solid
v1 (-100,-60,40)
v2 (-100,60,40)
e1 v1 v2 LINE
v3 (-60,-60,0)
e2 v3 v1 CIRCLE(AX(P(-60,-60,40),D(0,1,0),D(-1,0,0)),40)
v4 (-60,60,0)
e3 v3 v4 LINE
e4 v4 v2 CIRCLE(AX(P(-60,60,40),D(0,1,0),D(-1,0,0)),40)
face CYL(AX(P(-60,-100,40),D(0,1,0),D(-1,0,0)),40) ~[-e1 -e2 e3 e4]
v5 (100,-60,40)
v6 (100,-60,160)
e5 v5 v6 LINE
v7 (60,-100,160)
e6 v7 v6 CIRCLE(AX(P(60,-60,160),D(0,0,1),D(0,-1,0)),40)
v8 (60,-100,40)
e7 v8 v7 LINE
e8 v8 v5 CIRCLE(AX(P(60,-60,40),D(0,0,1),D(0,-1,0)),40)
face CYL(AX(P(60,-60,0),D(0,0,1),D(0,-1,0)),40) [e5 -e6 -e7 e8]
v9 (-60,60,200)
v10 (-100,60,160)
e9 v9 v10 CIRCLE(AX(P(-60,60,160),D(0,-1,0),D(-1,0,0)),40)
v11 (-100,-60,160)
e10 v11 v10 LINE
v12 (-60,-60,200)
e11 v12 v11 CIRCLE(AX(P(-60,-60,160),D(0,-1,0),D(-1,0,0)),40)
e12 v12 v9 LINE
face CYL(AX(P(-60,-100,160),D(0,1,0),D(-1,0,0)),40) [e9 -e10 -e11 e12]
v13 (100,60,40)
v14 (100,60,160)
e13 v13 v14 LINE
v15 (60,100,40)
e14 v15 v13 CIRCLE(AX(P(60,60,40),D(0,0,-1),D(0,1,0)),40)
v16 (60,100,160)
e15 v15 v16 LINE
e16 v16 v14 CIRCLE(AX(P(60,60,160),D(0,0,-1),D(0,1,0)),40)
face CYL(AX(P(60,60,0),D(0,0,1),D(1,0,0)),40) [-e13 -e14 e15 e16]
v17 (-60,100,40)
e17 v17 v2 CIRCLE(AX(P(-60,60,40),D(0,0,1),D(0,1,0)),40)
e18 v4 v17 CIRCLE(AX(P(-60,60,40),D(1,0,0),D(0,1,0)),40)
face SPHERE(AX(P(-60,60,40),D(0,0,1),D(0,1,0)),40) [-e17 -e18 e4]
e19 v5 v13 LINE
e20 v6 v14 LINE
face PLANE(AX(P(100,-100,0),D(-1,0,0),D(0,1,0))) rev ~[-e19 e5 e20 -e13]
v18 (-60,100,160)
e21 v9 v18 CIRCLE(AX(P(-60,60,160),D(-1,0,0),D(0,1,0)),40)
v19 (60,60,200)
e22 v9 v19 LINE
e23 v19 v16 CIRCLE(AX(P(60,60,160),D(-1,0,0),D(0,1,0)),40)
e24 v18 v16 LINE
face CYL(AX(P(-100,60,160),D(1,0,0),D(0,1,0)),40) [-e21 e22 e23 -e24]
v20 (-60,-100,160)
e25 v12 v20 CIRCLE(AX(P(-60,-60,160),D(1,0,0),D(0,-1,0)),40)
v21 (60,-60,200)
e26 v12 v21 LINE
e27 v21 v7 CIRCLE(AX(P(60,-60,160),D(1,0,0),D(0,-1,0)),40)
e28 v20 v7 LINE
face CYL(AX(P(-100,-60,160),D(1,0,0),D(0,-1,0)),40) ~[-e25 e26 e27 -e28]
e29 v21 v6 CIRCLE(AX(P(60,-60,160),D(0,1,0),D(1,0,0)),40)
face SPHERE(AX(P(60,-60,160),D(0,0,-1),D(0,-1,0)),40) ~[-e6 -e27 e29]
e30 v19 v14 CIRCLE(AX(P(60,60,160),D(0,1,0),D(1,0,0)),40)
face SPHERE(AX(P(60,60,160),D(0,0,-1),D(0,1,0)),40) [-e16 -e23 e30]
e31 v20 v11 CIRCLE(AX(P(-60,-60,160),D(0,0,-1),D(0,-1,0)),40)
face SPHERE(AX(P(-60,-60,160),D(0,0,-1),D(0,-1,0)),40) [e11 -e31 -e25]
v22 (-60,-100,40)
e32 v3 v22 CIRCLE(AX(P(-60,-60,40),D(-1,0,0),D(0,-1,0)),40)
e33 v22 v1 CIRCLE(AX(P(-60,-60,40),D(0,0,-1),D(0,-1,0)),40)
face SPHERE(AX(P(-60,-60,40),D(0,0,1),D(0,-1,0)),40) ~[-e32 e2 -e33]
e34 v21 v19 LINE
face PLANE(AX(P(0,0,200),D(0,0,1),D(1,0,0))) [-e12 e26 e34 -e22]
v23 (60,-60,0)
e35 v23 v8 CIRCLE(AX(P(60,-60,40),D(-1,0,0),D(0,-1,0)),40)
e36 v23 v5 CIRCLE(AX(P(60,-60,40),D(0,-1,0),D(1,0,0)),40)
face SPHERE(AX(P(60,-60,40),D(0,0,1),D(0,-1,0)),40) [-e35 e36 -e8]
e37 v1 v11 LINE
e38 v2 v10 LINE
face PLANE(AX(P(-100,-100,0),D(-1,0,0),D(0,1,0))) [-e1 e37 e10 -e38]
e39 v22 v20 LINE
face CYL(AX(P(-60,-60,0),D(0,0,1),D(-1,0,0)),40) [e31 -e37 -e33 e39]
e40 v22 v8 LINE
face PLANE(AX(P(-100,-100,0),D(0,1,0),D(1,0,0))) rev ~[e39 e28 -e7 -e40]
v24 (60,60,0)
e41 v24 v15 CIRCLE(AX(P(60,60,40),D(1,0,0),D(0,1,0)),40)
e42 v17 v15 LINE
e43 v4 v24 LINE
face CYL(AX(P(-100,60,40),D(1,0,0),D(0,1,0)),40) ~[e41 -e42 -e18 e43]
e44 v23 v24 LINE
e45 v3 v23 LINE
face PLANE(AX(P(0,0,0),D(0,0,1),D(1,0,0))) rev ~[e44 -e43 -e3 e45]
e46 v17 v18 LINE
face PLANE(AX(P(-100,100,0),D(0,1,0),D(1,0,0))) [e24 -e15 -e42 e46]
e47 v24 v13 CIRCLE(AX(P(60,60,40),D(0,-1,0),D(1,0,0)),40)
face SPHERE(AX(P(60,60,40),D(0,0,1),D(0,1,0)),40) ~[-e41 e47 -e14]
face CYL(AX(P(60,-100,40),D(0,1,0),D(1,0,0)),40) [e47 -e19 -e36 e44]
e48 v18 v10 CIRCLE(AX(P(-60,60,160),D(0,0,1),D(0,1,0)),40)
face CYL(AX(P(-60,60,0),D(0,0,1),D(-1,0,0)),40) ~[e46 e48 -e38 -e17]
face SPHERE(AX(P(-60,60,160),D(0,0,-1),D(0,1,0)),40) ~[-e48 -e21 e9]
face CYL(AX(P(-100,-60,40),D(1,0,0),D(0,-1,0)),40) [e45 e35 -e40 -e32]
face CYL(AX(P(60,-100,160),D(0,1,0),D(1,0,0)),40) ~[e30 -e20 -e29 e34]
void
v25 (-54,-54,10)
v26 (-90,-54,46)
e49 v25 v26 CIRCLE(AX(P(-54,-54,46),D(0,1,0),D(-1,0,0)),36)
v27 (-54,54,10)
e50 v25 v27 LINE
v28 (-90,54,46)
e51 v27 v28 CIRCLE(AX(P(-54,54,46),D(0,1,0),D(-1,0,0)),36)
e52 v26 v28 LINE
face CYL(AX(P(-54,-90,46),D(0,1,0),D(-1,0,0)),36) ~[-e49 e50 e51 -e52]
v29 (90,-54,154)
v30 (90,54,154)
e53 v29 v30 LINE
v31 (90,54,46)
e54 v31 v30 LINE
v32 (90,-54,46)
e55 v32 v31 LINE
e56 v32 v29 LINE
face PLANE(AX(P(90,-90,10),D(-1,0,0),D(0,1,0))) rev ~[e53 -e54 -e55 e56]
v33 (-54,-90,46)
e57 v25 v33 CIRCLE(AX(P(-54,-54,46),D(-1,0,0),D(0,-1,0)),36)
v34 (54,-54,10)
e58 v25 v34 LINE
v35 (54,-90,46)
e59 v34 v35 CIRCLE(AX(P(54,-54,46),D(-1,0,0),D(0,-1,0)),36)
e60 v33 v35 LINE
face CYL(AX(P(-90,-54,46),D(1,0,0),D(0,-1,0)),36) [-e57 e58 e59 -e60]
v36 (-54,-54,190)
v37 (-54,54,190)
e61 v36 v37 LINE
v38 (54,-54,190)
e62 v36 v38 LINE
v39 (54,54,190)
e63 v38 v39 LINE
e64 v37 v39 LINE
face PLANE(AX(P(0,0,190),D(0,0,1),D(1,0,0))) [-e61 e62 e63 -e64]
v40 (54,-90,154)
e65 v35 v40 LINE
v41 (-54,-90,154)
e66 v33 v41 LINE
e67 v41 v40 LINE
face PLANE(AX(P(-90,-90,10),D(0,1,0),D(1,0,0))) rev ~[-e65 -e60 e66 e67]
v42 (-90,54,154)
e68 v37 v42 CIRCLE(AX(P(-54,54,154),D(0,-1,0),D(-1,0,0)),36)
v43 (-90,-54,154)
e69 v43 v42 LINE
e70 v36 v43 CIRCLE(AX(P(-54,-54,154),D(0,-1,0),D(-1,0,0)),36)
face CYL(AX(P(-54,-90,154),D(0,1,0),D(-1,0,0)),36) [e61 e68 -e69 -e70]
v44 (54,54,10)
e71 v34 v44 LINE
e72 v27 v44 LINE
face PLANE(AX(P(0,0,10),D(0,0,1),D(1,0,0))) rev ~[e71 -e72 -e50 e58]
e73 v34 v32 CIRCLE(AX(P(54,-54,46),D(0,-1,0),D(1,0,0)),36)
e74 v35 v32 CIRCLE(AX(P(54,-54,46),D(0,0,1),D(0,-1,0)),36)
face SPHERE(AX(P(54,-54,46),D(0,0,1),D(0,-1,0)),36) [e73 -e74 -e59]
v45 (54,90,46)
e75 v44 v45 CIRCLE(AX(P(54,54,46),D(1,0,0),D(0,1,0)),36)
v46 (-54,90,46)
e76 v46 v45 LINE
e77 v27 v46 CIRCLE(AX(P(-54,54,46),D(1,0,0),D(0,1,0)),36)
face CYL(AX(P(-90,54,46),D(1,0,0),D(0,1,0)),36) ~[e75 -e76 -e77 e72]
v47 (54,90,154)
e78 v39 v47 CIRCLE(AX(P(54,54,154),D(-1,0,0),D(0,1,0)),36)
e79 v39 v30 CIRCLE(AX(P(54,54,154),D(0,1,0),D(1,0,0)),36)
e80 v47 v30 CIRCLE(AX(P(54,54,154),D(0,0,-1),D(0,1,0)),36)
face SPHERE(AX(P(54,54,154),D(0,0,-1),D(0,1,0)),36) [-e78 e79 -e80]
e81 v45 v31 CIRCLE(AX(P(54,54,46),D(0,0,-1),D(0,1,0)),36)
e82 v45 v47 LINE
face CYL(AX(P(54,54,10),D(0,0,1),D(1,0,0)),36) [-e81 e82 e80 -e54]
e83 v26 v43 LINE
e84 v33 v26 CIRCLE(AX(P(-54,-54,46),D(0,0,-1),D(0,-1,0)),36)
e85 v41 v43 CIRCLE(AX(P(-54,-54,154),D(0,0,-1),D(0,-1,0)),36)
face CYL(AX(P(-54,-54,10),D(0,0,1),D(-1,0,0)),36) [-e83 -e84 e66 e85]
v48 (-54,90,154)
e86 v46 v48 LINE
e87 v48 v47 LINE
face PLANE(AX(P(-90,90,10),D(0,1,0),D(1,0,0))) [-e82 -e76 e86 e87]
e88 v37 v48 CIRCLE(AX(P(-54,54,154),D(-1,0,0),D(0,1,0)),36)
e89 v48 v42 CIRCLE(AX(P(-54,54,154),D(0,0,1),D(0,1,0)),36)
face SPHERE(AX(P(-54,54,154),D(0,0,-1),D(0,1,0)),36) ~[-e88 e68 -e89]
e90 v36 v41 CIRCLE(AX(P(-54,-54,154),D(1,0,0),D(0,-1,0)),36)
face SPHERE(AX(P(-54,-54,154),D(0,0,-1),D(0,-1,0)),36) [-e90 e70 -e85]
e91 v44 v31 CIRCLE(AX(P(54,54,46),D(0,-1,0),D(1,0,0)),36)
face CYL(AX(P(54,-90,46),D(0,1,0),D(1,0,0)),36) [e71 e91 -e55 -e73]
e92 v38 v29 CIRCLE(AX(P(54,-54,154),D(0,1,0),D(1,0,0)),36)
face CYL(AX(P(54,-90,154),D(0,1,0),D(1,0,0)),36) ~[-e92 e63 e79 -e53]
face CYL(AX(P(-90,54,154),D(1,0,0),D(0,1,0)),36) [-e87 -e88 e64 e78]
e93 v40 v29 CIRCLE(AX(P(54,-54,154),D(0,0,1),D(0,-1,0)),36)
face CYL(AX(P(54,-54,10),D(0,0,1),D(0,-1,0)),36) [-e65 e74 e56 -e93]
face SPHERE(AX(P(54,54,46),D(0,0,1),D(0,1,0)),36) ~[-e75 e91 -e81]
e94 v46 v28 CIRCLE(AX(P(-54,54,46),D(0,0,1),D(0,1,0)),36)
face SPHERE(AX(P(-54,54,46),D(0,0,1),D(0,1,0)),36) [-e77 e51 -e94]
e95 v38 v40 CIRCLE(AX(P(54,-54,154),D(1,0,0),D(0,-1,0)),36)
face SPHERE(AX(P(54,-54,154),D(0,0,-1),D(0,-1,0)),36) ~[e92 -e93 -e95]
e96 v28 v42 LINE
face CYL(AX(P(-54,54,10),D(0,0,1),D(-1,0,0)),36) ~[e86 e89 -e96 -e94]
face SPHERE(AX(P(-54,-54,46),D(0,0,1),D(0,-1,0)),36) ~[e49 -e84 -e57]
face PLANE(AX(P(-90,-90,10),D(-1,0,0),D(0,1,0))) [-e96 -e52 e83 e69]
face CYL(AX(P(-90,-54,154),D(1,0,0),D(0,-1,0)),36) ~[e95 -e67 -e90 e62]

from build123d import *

# Parameters (mm, degrees)
F0_W     = 200
F0_H     = 200
F1_DEPTH = 200
F2_R     = 40
F3_SCALE = 0.9


with BuildPart() as f1:
    # F0 (on Top) → F1 (new body)
    with BuildSketch(Plane.XY):
        Rectangle(F0_W, F0_H)
    extrude(amount=F1_DEPTH)

    # F2
    f2_edges = [f1.edges().sort_by_distance(p)[0] for p in [
        (-100, -100, 100),
        (100, -100, 100),
        (0, -100, 0),
        (0, -100, 200),
        (100, 100, 100),
        (-100, 100, 100),
        (0, 100, 0),
        (0, 100, 200),
        (100, 0, 0),
        (-100, 0, 0),
        (100, 0, 200),
        (-100, 0, 200),
    ]]
    fillet(f2_edges, radius=F2_R)


with BuildPart() as f3_1:
    # F3: copy of F1
    add(f1.part.scale(F3_SCALE))


with BuildPart() as f3_1_1:
    # F4: moved
    add(f3_1.part.moved(Location((0, 0, 10))))


with BuildPart() as f1_1:
    add(f1.part)

    # F5: cut F3_1
    add(f3_1_1.part, mode=Mode.SUBTRACT)


solid = f1_1.part
